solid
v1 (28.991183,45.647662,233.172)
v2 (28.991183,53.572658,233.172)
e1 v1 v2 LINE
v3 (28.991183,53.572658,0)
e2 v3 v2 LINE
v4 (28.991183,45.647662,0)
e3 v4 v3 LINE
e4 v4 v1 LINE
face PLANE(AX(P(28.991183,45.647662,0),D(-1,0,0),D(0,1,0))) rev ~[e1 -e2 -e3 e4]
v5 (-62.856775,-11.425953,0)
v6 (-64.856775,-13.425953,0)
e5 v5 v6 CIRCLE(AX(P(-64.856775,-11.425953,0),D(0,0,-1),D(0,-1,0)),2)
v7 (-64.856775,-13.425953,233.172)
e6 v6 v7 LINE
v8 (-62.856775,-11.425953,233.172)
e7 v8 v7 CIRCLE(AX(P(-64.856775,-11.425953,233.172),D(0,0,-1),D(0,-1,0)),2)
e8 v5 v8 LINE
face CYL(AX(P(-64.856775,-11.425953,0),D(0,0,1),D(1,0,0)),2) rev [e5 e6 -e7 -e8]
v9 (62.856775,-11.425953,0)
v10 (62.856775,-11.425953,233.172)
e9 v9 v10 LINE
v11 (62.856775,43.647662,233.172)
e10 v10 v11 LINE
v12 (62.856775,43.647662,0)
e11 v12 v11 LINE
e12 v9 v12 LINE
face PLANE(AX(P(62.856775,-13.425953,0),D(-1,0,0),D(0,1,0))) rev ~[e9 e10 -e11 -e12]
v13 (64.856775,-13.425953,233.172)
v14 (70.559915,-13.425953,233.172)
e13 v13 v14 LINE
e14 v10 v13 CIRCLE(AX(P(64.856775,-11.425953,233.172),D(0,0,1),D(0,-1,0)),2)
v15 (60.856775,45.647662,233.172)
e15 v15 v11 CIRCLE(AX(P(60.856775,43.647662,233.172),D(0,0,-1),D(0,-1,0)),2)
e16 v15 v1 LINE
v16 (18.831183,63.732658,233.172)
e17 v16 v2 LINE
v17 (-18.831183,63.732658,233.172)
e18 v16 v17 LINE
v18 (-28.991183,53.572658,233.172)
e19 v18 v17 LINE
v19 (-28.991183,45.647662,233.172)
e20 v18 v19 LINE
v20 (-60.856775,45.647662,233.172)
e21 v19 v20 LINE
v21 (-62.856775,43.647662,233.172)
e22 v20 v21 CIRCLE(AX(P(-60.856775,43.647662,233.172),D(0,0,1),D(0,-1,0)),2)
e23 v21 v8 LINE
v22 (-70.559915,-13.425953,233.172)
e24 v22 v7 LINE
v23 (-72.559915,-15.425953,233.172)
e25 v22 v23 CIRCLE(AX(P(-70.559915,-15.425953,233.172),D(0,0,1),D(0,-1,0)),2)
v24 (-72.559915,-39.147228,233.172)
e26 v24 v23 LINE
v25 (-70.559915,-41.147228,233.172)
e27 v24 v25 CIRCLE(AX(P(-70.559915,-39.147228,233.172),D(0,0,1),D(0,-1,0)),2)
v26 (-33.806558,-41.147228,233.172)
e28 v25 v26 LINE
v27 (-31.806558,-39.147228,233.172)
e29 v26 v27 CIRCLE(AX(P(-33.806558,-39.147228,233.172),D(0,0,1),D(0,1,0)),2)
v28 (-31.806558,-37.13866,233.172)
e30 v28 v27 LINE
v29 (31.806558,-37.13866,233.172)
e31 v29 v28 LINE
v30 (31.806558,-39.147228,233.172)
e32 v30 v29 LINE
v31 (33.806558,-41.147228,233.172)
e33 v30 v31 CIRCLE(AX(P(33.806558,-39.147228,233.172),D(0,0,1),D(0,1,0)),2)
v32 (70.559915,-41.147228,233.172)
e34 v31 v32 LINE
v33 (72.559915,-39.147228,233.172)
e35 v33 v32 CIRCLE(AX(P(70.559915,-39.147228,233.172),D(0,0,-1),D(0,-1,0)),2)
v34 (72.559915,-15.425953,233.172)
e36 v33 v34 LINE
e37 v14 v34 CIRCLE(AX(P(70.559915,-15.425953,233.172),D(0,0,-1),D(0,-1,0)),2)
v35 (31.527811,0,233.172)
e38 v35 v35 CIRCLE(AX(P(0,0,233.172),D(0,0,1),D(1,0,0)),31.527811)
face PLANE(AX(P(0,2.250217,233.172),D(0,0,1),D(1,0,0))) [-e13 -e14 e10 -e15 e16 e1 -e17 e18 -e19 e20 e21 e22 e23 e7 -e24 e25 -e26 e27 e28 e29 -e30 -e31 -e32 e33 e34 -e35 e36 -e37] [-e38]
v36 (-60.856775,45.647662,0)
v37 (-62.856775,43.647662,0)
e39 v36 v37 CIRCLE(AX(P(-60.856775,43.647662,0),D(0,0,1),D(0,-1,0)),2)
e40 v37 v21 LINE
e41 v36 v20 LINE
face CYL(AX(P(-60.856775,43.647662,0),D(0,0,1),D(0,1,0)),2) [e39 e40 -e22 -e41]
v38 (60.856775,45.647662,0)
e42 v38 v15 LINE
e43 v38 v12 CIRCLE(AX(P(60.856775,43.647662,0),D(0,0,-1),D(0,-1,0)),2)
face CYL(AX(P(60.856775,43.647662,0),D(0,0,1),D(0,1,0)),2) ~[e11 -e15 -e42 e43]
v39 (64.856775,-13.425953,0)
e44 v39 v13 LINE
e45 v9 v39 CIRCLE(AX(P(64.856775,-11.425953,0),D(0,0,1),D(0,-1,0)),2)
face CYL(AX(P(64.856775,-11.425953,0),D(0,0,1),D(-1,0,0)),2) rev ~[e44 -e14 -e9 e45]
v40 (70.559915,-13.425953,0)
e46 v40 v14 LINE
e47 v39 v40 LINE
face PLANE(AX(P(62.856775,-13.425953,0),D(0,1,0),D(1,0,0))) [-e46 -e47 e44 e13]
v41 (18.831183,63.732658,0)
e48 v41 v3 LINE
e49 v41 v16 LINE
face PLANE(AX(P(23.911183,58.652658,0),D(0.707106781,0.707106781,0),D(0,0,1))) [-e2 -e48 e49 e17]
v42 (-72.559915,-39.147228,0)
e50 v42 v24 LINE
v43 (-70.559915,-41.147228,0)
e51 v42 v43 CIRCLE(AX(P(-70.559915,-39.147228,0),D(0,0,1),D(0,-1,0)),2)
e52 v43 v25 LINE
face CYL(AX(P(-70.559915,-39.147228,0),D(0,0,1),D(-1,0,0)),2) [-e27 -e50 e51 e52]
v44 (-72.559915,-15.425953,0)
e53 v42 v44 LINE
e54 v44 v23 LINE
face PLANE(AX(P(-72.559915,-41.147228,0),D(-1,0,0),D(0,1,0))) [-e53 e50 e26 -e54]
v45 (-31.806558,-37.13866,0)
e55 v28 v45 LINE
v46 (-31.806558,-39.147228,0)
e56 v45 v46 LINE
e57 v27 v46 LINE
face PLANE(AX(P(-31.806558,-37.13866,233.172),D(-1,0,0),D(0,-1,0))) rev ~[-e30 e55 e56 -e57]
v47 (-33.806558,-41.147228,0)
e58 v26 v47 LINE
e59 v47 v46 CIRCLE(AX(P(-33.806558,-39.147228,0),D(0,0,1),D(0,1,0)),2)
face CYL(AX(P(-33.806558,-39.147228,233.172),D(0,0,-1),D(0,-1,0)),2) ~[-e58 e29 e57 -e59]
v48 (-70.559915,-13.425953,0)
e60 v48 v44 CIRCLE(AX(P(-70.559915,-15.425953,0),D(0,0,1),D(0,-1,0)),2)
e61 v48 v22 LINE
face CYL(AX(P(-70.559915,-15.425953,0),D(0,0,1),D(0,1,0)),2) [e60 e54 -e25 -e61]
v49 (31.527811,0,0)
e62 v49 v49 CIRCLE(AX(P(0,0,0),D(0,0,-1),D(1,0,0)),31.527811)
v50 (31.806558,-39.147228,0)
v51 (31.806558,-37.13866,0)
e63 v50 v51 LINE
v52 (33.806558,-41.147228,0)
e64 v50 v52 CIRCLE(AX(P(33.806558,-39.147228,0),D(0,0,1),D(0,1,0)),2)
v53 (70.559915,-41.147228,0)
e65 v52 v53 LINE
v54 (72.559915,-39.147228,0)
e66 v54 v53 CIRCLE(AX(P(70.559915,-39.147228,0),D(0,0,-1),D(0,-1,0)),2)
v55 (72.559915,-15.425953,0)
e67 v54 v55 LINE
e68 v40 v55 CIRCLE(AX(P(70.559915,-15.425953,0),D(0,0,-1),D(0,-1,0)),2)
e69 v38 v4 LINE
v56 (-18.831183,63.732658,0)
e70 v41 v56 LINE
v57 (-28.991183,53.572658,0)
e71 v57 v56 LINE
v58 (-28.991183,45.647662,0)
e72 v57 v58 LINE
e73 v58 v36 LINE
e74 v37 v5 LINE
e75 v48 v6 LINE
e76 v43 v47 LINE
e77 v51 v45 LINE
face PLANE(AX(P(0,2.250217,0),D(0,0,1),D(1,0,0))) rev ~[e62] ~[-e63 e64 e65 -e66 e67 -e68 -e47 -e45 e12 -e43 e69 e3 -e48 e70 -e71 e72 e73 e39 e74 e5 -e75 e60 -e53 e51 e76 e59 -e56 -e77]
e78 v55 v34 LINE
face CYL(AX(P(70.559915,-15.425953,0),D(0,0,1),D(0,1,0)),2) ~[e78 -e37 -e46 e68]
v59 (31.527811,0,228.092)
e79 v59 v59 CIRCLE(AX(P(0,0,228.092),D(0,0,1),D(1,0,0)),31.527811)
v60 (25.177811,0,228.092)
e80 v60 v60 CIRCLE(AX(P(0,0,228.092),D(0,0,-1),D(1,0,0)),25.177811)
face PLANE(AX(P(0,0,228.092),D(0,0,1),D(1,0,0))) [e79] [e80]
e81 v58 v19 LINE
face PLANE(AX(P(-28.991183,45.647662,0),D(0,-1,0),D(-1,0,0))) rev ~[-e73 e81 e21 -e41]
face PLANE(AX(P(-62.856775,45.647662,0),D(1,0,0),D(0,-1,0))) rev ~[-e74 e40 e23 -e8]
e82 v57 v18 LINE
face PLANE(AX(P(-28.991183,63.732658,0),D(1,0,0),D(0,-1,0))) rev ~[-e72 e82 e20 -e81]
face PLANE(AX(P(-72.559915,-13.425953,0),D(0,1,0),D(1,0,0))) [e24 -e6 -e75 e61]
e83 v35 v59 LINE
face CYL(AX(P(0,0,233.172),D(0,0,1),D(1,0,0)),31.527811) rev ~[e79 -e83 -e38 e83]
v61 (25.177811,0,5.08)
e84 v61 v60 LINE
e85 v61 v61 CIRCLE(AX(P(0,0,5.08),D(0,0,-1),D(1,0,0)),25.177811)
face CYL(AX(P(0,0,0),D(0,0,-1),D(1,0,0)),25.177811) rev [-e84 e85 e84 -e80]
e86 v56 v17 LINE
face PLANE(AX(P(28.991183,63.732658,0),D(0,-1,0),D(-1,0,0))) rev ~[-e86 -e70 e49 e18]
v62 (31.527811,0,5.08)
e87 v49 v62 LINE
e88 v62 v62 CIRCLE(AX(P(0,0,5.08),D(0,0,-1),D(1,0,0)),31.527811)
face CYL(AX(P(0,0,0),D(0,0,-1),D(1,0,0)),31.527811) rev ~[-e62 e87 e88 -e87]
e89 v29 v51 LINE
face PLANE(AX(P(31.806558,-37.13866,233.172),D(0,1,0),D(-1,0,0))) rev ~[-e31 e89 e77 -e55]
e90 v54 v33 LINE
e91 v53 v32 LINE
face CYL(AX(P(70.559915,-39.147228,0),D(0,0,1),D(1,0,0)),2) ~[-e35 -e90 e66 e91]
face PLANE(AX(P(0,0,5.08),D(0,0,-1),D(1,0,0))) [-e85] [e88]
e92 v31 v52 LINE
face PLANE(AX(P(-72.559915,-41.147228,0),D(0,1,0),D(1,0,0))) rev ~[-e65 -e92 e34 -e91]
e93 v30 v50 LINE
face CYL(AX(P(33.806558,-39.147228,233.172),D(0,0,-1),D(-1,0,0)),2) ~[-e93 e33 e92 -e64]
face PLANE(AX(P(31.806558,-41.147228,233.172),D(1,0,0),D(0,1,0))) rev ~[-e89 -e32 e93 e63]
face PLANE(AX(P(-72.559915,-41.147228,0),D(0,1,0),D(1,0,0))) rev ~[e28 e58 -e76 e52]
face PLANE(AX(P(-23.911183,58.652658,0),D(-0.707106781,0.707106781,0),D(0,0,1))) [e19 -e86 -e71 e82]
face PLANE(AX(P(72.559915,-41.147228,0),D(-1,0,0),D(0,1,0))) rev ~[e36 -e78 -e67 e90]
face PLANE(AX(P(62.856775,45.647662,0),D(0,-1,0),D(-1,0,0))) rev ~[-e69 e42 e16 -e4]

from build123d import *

# Parameters (mm, degrees)
F0_R     = 25.1778110622
F0_W     = 9.7031409531
F0_H     = 27.7212755755
F1_DEPTH = 233.172
F3_DEPTH = 233.172
F4_SIZE  = 10.16
F5_R     = 2
F6_R     = 31.5278110622
F7_DEPTH = 5.08
F8_R     = 31.5278110622
F9_DEPTH = 5.08


with BuildPart() as f1:
    # F0 (on Top) → F1 (new body)
    with BuildSketch(Plane.XY):
        Polygon((-28.9911830187, 45.647662133), (-62.8567745299, 45.647662133), (-62.8567745299, -13.4259527549), (-62.8567745299, -41.1472283304), (62.8567745299, -41.1472283304), (62.8567745299, -13.4259527549), (62.8567745299, 45.647662133), (28.9911830187, 45.647662133), (0, 45.647662133), align=None)
        Circle(F0_R, mode=Mode.SUBTRACT)
        Polygon((-28.9911830187, 63.7326575816), (-28.9911830187, 45.647662133), (0, 45.647662133), (28.9911830187, 45.647662133), (28.9911830187, 63.7326575816), align=None)
        with Locations((-67.7083450064, -27.2865905426)):
            Rectangle(F0_W, F0_H)
        with Locations((67.7083450064, -27.2865905426)):
            Rectangle(F0_W, F0_H)
    extrude(amount=F1_DEPTH)

    # F2 (on face) → F3 (cut, through all)
    with BuildSketch(Plane.XY.offset(233.172)):
        Polygon((-31.8065583706, -37.138659507), (-31.8065583706, -41.1472283304), (31.8065583706, -41.1472283304), (31.8065583706, -37.138659507), (0, -37.138659507), align=None)
    extrude(amount=-F3_DEPTH, mode=Mode.SUBTRACT)

    # F4
    f4_edges = [f1.edges().sort_by_distance(p)[0] for p in [
        (-28.991183, 63.732658, 116.586),
        (28.991183, 63.732658, 116.586),
    ]]
    chamfer(f4_edges, length=F4_SIZE)

    # F5
    f5_edges = [f1.edges().sort_by_distance(p)[0] for p in [
        (72.559915, -13.425953, 116.586),
        (72.559915, -41.147228, 116.586),
        (31.806558, -41.147228, 116.586),
        (-31.806558, -41.147228, 116.586),
        (-72.559915, -41.147228, 116.586),
        (-72.559915, -13.425953, 116.586),
        (-62.856775, 45.647662, 116.586),
        (62.856775, 45.647662, 116.586),
        (62.856775, -13.425953, 116.586),
        (-62.856775, -13.425953, 116.586),
    ]]
    fillet(f5_edges, radius=F5_R)

    # F6 (on face) → F7 (cut)
    with BuildSketch(Plane(origin=(0, 0, 0), x_dir=(1, 0, 0), z_dir=(0, 0, -1))):
        Circle(F6_R)
    extrude(amount=-F7_DEPTH, mode=Mode.SUBTRACT)

    # F8 (on face) → F9 (cut)
    with BuildSketch(Plane.XY.offset(233.172)):
        Circle(F8_R)
    extrude(amount=-F9_DEPTH, mode=Mode.SUBTRACT)


solid = f1.part
